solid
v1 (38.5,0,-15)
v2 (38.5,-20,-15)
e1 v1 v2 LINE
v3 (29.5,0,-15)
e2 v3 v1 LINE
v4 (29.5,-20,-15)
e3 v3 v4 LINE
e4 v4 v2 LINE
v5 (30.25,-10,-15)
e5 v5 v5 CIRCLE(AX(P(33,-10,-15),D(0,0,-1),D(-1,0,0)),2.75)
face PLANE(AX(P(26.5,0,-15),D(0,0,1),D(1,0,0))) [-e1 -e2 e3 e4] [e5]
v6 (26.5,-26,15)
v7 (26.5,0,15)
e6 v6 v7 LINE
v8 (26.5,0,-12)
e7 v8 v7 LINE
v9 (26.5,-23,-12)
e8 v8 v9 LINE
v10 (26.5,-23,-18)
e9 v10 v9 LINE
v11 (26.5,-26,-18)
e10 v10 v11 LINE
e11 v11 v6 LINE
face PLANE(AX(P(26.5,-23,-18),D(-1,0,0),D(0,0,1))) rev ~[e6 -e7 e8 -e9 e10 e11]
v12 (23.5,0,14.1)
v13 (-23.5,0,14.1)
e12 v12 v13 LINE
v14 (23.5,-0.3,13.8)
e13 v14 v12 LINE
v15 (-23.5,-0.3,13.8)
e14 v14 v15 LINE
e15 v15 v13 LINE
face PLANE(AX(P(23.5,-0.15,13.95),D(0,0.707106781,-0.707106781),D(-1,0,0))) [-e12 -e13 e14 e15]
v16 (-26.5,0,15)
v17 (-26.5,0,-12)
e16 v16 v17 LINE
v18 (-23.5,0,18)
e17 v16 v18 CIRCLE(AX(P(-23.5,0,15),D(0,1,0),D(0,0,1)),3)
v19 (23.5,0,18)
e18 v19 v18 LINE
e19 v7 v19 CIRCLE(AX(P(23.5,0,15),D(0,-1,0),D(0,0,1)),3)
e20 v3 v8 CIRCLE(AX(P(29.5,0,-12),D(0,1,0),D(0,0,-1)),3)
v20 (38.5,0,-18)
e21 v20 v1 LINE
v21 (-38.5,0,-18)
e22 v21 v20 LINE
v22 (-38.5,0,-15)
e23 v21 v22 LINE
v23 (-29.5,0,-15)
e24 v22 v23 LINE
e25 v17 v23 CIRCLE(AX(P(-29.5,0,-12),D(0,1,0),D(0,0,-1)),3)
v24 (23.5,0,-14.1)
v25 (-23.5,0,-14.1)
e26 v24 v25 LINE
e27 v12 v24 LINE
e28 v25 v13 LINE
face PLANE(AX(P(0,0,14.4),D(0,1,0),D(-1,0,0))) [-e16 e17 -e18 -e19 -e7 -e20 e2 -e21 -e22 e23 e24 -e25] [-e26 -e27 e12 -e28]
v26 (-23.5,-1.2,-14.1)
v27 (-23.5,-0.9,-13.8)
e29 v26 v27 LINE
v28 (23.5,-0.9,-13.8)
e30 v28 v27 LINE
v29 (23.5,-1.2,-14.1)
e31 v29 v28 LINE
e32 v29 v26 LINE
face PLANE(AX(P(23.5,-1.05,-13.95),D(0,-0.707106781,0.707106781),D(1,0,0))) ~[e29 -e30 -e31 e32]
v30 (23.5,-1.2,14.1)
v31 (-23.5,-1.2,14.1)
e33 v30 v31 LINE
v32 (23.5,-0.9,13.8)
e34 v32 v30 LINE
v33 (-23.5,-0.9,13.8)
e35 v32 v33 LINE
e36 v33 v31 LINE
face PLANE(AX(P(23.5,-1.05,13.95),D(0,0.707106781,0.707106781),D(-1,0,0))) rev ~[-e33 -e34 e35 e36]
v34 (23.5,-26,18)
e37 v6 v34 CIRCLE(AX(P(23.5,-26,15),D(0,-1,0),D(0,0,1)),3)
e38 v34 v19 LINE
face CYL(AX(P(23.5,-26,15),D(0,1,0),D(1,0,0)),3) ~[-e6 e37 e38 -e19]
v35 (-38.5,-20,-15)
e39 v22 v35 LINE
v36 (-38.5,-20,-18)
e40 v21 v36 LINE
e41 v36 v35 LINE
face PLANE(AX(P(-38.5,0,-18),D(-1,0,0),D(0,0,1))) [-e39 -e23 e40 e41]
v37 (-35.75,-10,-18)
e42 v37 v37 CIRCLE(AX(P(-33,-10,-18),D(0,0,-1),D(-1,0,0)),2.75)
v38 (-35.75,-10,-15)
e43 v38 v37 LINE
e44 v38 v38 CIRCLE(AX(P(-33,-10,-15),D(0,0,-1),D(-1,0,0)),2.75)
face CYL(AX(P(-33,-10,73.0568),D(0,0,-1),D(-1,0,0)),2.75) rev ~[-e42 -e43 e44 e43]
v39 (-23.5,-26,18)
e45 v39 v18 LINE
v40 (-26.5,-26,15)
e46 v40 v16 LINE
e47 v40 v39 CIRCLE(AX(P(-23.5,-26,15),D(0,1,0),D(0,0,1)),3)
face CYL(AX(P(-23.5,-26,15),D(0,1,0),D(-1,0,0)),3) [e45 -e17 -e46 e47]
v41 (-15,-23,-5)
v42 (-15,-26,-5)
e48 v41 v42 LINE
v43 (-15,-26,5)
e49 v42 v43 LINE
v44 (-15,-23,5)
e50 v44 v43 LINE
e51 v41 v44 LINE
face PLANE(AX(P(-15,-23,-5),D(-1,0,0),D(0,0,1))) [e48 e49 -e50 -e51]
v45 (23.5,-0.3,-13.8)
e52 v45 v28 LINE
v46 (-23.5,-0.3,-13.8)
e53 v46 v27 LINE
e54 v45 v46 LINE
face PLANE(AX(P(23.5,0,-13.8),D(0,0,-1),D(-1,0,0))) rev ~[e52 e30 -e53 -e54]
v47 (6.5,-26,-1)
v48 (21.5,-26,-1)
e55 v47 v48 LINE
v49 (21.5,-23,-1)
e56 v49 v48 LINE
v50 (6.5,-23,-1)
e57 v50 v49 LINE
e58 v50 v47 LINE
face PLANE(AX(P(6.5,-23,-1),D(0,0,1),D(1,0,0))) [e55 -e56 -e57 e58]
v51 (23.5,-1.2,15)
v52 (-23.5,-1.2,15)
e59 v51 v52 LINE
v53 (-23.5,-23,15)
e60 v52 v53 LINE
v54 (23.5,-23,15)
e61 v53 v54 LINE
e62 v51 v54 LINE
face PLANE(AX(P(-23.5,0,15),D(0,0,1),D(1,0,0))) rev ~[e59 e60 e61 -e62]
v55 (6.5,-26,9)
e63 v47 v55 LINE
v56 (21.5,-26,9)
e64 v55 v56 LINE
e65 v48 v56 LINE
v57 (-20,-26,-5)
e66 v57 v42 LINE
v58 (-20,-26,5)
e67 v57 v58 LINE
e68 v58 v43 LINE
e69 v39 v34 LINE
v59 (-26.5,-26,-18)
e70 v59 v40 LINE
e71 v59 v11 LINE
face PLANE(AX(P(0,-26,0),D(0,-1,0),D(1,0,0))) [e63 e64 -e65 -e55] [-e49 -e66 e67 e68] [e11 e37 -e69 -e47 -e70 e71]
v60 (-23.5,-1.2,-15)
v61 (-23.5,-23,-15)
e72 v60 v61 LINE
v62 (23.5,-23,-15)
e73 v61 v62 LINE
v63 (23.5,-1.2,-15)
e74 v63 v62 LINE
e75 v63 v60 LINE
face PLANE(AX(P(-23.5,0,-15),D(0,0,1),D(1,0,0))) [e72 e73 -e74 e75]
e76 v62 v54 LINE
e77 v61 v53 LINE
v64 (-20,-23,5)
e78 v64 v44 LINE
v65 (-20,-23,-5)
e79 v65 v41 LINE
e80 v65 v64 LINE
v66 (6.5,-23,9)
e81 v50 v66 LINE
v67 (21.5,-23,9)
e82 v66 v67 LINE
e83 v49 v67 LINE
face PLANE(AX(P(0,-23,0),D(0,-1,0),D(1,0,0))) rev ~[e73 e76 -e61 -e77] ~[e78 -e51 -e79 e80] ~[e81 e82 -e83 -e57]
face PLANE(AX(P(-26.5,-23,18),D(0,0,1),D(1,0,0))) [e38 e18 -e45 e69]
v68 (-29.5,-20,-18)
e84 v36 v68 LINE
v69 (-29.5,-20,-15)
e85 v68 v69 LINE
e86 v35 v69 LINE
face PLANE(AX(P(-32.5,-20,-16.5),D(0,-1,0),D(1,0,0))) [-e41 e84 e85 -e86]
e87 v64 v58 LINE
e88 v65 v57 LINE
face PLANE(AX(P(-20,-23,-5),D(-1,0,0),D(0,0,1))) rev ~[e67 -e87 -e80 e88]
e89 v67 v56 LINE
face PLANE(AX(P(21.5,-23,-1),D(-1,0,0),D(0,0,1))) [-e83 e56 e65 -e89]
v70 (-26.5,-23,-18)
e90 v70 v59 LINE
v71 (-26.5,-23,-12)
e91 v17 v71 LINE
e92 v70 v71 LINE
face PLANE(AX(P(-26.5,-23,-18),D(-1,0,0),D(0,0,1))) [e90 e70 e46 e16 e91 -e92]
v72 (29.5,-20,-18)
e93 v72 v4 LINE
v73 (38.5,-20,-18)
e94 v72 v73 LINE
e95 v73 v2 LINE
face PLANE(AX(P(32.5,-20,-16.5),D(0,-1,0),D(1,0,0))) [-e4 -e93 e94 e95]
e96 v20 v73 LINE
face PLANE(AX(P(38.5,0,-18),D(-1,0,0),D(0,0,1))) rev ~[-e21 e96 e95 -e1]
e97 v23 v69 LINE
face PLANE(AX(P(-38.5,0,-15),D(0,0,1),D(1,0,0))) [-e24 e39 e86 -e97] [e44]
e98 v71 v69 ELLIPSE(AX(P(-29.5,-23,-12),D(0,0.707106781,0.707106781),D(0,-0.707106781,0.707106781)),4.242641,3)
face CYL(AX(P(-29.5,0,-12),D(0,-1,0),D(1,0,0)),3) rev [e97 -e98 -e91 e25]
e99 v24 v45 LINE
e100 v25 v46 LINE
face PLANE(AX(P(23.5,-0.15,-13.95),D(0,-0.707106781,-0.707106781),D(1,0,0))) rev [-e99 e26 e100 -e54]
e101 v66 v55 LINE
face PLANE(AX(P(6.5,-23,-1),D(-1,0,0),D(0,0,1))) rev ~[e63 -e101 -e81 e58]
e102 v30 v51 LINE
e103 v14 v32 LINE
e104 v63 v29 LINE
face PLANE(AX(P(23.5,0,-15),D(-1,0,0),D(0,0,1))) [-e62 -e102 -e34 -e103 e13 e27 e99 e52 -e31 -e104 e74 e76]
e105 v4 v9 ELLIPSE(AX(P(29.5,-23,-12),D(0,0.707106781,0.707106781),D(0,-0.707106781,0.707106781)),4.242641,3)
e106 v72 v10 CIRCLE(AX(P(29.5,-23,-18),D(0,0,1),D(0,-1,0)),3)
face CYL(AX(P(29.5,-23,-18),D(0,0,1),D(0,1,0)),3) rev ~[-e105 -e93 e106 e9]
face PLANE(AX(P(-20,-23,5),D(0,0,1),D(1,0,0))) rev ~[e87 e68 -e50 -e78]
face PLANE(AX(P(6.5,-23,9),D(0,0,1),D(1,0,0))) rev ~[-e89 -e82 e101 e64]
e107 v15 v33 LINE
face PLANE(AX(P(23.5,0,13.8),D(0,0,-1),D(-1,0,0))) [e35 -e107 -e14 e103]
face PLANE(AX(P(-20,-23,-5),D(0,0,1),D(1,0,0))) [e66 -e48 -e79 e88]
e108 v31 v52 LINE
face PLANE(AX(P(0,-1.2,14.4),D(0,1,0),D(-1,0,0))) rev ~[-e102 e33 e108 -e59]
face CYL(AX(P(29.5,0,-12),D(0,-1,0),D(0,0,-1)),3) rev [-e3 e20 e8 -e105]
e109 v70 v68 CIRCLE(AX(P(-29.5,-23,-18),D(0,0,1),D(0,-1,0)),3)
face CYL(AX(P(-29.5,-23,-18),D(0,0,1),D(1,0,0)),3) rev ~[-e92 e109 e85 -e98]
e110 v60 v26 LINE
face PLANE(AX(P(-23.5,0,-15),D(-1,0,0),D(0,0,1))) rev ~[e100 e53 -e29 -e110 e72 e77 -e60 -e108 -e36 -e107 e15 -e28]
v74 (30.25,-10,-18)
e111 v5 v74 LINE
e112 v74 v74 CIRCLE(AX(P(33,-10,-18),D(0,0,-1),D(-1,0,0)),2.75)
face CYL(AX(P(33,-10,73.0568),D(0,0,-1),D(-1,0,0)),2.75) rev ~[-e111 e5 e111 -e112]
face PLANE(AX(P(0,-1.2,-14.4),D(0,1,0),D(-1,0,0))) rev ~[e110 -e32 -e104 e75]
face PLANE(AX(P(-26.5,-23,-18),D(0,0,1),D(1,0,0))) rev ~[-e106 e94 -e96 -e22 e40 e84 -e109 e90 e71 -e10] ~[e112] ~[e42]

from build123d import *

# Parameters (mm, degrees)
F0_W       = 47
F0_H       = 30
F1_DEPTH   = 23
F0_W_2     = 12
F0_H_2     = 3
F2_DEPTH   = 20
F3_W       = 47
F3_H       = 1.2
F4_DEPTH   = 1.2
F5_SIZE    = 0.3
F8_D       = 5.5
F8_ON_F7_D = 5.5
F9_W       = 53
F9_H       = 36
F9_W_2     = 5
F9_H_2     = 10
F9_W_3     = 15
F10_DEPTH  = 3
F11_R      = 3


with BuildPart() as f1:
    # F0 (on Front) → F1 (new body)
    with BuildSketch(Plane.XZ):
        Polygon((-26.5, -18), (26.5, -18), (26.5, -15), (26.5, 18), (-26.5, 18), (-26.5, -15), align=None)
        Rectangle(F0_W, F0_H, mode=Mode.SUBTRACT)
    extrude(amount=F1_DEPTH)

    # F0 (on Front) → F2 (join)
    with BuildSketch(Plane.XZ):
        with Locations((-32.5, -16.5)):
            Rectangle(F0_W_2, F0_H_2)
        with Locations((32.5, -16.5)):
            Rectangle(F0_W_2, F0_H_2)
    extrude(amount=F2_DEPTH)

    # F3 (on face) → F4 (join)
    with BuildSketch(Plane(origin=(0, 0, 0), x_dir=(-1, 0, 0), z_dir=(0, 1, 0))):
        with Locations((0, 14.4)):
            Rectangle(F3_W, F3_H)
        with Locations((0, -14.4)):
            Rectangle(F3_W, F3_H)
    extrude(amount=-F4_DEPTH)

    # F5
    f5_edges = [f1.edges().sort_by_distance(p)[0] for p in [
        (0, 0, -13.8),
        (0, -1.2, -13.8),
        (0, 0, 13.8),
        (0, -1.2, 13.8),
    ]]
    chamfer(f5_edges, length=F5_SIZE)

    # F8 (through all)
    with Locations(Plane.XY.offset(-15)):
        with Locations((-33, -10)):
            Hole(F8_D / 2)

    # F8 on F7 (through all)
    with Locations(Plane.XY.offset(-15)):
        with Locations((33, -10)):
            Hole(F8_ON_F7_D / 2)

    # F9 (on face) → F10 (join)
    with BuildSketch(Plane.XZ.offset(23)):
        Rectangle(F9_W, F9_H)
        with Locations((-17.5, 0)):
            Rectangle(F9_W_2, F9_H_2, mode=Mode.SUBTRACT)
        with Locations((14, 4)):
            Rectangle(F9_W_3, F9_H_2, mode=Mode.SUBTRACT)
    extrude(amount=F10_DEPTH)

    # F11
    f11_edges = [f1.edges().sort_by_distance(p)[0] for p in [
        (-26.5, -10, -15),
        (-26.5, -13, 18),
        (26.5, -13, 18),
        (26.5, -10, -15),
        (26.5, -20, -16.5),
        (-26.5, -20, -16.5),
    ]]
    fillet(f11_edges, radius=F11_R)


solid = f1.part
